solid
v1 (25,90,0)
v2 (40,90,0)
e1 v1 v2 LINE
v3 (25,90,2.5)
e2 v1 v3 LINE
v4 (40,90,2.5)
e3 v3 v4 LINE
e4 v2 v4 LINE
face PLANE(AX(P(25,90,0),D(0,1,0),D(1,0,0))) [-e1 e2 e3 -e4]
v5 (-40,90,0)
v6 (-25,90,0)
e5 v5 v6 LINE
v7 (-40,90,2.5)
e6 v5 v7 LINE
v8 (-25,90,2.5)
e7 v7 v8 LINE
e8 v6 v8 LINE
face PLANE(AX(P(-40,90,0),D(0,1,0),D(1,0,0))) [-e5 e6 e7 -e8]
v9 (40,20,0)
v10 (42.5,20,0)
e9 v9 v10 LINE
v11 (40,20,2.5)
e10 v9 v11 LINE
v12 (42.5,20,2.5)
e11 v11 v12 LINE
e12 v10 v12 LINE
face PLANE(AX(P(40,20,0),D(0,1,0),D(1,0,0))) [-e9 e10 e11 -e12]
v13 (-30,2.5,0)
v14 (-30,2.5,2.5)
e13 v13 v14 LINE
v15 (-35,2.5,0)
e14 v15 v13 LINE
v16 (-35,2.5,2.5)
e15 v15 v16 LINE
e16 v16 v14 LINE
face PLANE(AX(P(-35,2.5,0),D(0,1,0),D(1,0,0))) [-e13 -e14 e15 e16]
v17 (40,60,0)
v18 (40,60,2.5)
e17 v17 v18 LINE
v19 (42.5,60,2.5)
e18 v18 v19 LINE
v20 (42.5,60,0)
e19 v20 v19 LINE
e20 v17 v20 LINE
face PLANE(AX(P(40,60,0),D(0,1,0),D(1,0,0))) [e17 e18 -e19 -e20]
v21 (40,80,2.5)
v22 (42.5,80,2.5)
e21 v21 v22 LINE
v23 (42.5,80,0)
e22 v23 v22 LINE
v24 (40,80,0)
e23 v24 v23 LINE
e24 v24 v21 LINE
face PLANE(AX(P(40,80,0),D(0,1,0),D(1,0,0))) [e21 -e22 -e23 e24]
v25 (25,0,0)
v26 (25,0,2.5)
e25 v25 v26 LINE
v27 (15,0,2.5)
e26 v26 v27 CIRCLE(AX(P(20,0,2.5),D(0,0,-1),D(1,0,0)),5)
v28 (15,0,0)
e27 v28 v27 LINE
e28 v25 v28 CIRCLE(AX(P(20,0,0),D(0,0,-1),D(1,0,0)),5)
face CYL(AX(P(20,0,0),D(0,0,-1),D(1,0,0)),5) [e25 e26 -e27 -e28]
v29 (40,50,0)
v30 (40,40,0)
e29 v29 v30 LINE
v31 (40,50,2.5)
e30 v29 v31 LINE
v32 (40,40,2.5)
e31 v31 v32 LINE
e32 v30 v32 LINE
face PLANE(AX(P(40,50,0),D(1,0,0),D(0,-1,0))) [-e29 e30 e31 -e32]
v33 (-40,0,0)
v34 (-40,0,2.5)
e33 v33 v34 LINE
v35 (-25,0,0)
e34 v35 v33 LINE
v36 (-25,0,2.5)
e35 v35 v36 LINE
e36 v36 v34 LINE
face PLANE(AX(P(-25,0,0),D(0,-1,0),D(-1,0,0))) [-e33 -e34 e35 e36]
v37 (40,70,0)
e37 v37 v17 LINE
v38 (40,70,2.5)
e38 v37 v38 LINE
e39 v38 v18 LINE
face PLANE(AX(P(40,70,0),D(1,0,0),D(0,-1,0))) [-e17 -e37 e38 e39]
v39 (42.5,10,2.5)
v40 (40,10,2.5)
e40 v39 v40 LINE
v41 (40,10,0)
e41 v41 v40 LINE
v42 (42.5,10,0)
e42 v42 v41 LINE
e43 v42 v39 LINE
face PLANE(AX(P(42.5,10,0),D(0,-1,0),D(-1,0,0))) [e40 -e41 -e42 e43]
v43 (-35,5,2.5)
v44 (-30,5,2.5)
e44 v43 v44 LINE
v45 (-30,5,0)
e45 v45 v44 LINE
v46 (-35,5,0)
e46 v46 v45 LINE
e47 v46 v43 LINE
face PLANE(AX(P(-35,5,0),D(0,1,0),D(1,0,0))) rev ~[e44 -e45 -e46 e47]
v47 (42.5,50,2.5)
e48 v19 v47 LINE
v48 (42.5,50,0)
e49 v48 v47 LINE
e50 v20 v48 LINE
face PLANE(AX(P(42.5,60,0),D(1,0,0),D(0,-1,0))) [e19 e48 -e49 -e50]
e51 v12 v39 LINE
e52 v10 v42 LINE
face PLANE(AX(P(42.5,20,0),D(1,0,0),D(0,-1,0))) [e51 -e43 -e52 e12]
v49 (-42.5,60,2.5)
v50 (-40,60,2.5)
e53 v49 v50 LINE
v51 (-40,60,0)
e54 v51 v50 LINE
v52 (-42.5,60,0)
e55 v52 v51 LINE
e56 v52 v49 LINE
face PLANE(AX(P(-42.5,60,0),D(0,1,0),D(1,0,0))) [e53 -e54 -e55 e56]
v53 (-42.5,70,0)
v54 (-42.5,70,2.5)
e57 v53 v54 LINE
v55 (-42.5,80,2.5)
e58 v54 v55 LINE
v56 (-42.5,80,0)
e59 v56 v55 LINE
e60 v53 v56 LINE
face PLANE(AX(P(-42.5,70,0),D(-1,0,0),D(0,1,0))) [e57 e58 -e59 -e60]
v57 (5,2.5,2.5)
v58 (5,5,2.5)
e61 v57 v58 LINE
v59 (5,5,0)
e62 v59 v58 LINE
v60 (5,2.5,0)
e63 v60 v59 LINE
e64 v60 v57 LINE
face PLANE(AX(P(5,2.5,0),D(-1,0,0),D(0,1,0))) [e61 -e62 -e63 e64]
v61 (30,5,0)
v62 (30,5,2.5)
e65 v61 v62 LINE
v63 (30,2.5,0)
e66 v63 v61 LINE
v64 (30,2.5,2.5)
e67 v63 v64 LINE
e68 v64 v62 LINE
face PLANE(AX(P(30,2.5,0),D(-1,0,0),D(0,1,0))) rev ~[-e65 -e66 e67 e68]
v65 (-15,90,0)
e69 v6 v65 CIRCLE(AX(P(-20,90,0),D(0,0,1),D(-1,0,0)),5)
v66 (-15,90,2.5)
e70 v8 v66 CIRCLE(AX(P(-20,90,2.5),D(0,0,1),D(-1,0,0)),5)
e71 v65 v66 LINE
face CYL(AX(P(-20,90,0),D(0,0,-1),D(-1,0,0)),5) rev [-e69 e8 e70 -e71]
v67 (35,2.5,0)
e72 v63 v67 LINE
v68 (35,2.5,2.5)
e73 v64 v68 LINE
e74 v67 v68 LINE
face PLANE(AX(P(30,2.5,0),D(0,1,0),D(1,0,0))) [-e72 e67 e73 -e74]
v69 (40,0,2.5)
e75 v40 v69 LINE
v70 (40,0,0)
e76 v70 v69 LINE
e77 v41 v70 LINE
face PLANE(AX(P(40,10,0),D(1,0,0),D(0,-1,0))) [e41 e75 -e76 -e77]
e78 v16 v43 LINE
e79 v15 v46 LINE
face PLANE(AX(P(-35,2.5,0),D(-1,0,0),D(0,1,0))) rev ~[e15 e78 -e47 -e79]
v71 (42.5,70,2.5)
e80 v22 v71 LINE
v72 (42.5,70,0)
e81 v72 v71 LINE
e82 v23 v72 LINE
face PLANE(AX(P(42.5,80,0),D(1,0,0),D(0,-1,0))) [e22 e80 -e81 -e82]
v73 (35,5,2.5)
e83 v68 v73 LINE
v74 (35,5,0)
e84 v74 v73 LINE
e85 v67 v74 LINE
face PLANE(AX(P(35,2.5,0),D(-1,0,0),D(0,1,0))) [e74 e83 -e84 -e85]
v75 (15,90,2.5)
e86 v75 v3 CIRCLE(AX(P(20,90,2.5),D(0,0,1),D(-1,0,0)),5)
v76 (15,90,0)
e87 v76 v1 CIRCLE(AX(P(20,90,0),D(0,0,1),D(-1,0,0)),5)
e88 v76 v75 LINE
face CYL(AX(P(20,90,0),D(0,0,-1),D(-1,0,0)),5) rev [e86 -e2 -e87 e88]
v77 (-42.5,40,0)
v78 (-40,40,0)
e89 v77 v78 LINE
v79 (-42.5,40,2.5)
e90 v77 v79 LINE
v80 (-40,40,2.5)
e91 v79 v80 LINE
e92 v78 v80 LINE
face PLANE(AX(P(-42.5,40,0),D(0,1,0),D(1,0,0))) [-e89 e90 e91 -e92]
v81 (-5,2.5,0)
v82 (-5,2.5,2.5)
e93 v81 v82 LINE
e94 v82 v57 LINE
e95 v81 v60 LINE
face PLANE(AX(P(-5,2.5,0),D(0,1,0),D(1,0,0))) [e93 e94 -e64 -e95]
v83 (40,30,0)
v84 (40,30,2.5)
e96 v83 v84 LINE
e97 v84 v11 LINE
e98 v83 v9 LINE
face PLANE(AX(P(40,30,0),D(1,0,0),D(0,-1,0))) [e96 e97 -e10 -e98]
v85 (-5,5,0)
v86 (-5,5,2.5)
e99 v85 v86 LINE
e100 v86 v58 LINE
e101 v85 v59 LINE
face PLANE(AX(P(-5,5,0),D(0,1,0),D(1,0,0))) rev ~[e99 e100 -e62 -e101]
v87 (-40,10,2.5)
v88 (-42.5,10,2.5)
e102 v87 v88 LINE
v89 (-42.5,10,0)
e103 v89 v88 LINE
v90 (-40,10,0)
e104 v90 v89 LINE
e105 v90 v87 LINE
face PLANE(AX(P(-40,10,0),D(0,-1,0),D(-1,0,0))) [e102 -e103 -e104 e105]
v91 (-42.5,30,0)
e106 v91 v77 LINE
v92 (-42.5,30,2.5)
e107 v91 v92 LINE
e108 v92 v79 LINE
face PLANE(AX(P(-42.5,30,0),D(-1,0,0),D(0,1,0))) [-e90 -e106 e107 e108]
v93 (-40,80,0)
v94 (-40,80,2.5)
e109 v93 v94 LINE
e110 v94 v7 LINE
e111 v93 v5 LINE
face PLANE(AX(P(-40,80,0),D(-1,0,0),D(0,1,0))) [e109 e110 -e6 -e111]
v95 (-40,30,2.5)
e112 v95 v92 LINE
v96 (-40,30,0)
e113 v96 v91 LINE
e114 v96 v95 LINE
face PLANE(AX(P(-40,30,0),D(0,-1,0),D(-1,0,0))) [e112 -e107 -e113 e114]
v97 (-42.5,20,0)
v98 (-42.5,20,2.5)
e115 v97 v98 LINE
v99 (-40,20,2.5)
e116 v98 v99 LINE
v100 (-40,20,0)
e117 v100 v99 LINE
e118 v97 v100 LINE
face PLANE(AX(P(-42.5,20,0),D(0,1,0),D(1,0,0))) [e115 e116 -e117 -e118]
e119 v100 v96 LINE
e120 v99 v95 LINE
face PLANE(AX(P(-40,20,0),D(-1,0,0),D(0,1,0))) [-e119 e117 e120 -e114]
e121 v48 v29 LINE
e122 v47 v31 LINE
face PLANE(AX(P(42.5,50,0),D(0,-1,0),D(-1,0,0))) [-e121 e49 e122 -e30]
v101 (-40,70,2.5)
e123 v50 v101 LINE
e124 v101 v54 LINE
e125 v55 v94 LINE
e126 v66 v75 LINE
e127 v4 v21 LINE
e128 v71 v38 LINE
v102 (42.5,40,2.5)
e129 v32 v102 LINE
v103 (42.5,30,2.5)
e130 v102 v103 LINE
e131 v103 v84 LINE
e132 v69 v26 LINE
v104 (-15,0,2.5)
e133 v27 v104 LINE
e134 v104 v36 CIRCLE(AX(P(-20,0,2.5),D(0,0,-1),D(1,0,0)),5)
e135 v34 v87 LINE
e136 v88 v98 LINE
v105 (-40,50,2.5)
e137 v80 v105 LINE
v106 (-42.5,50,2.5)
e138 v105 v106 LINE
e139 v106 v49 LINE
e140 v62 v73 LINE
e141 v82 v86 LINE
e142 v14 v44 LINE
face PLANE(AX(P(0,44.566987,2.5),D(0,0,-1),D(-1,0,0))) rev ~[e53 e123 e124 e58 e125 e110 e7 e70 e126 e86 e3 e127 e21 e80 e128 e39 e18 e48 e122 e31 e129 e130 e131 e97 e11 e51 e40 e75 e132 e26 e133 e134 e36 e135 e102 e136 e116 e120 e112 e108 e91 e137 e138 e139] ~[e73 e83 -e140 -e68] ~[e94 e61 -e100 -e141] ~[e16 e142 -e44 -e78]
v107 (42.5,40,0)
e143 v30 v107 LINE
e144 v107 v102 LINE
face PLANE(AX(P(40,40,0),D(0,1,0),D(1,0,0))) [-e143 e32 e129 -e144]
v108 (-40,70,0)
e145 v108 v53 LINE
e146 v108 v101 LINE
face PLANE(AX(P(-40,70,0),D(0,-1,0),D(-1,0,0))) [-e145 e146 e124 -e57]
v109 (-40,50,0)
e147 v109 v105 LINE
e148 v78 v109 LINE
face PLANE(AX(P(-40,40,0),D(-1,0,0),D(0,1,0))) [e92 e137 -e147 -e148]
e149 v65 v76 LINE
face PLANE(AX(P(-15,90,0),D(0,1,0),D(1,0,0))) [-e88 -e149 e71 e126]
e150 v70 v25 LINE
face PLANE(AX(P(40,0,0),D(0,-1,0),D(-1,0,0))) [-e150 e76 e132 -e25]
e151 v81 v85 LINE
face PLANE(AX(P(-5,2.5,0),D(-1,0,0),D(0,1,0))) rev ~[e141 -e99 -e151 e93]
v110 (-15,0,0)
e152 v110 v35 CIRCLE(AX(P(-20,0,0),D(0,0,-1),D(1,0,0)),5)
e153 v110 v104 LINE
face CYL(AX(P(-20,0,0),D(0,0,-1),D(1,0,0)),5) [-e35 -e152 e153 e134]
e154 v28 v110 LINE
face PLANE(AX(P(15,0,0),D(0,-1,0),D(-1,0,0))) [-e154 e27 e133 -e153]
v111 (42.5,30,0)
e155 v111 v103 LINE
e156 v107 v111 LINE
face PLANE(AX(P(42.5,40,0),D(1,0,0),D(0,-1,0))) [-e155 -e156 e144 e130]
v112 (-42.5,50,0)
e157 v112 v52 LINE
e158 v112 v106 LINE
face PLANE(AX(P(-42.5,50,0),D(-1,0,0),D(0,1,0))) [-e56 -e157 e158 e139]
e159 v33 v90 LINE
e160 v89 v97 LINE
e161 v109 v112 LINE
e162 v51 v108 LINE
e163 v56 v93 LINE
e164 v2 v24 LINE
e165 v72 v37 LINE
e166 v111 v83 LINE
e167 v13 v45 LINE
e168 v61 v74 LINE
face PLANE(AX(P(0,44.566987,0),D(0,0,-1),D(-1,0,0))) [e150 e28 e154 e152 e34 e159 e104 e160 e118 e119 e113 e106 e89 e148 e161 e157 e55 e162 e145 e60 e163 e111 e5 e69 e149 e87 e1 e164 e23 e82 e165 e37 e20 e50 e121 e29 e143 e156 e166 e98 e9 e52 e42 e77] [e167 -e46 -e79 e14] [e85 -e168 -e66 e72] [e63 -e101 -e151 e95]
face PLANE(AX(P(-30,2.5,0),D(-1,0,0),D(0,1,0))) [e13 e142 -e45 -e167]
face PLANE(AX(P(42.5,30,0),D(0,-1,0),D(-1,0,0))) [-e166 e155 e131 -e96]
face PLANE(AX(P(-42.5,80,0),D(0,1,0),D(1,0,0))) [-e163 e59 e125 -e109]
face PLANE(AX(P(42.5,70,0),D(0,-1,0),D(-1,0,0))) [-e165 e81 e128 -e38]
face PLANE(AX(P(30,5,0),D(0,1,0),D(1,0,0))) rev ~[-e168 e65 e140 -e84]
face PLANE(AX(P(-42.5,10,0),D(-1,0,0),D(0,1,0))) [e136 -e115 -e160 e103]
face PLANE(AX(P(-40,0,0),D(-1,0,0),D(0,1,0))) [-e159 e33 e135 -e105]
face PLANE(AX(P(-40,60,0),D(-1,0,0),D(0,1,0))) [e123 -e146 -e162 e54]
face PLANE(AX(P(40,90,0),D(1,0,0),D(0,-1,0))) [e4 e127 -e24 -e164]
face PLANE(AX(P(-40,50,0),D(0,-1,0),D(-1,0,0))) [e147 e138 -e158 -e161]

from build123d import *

# Parameters (mm, degrees)
SKETCH1_W           = 10
SKETCH1_H           = 2.5
SKETCH1_W_2         = 5
BOSS_EXTRUDE1_DEPTH = 2.5


with BuildPart() as part:
    # Sketch1 → Boss-Extrude1 (new body)
    with BuildSketch(Plane.XY):
        with BuildLine():
            Line((42.5, 60), (42.5, 50))
            Line((42.5, 50), (40, 50))
            Line((40, 50), (40, 40))
            Line((40, 40), (42.5, 40))
            Line((42.5, 40), (42.5, 30))
            Line((42.5, 30), (40, 30))
            Line((40, 30), (40, 20))
            Line((40, 20), (42.5, 20))
            Line((42.5, 20), (42.5, 10))
            Line((42.5, 10), (40, 10))
            Line((40, 10), (40, 0))
            Line((40, 0), (25, 0))
            ThreePointArc((25, 0), (20, -5), (15, 0))
            Line((15, 0), (-15, 0))
            ThreePointArc((-15, 0), (-20, -5), (-25, 0))
            Line((-25, 0), (-40, 0))
            Line((-40, 0), (-40, 10))
            Line((-40, 10), (-42.5, 10))
            Line((-42.5, 10), (-42.5, 20))
            Line((-42.5, 20), (-40, 20))
            Line((-40, 20), (-40, 30))
            Line((-40, 30), (-42.5, 30))
            Line((-42.5, 30), (-42.5, 40))
            Line((-42.5, 40), (-40, 40))
            Line((-40, 40), (-40, 50))
            Line((-40, 50), (-42.5, 50))
            Line((-42.5, 50), (-42.5, 60))
            Line((-42.5, 60), (-40, 60))
            Line((-40, 60), (-40, 70))
            Line((-40, 70), (-42.5, 70))
            Line((-42.5, 70), (-42.5, 80))
            Line((-42.5, 80), (-40, 80))
            Line((-40, 80), (-40, 90))
            Line((-40, 90), (-25, 90))
            ThreePointArc((-25, 90), (-20, 85), (-15, 90))
            Line((-15, 90), (15, 90))
            ThreePointArc((15, 90), (20, 85), (25, 90))
            Line((25, 90), (40, 90))
            Line((40, 90), (40, 80))
            Line((40, 80), (42.5, 80))
            Line((42.5, 80), (42.5, 70))
            Line((42.5, 70), (40, 70))
            Line((40, 70), (40, 60))
            Line((40, 60), (42.5, 60))
        make_face()
        with Locations((0, 3.75)):
            Rectangle(SKETCH1_W, SKETCH1_H, mode=Mode.SUBTRACT)
        with Locations((32.5, 3.75)):
            Rectangle(SKETCH1_W_2, SKETCH1_H, mode=Mode.SUBTRACT)
        with Locations((-32.5, 3.75)):
            Rectangle(SKETCH1_W_2, SKETCH1_H, mode=Mode.SUBTRACT)
    extrude(amount=BOSS_EXTRUDE1_DEPTH)


solid = part.part
